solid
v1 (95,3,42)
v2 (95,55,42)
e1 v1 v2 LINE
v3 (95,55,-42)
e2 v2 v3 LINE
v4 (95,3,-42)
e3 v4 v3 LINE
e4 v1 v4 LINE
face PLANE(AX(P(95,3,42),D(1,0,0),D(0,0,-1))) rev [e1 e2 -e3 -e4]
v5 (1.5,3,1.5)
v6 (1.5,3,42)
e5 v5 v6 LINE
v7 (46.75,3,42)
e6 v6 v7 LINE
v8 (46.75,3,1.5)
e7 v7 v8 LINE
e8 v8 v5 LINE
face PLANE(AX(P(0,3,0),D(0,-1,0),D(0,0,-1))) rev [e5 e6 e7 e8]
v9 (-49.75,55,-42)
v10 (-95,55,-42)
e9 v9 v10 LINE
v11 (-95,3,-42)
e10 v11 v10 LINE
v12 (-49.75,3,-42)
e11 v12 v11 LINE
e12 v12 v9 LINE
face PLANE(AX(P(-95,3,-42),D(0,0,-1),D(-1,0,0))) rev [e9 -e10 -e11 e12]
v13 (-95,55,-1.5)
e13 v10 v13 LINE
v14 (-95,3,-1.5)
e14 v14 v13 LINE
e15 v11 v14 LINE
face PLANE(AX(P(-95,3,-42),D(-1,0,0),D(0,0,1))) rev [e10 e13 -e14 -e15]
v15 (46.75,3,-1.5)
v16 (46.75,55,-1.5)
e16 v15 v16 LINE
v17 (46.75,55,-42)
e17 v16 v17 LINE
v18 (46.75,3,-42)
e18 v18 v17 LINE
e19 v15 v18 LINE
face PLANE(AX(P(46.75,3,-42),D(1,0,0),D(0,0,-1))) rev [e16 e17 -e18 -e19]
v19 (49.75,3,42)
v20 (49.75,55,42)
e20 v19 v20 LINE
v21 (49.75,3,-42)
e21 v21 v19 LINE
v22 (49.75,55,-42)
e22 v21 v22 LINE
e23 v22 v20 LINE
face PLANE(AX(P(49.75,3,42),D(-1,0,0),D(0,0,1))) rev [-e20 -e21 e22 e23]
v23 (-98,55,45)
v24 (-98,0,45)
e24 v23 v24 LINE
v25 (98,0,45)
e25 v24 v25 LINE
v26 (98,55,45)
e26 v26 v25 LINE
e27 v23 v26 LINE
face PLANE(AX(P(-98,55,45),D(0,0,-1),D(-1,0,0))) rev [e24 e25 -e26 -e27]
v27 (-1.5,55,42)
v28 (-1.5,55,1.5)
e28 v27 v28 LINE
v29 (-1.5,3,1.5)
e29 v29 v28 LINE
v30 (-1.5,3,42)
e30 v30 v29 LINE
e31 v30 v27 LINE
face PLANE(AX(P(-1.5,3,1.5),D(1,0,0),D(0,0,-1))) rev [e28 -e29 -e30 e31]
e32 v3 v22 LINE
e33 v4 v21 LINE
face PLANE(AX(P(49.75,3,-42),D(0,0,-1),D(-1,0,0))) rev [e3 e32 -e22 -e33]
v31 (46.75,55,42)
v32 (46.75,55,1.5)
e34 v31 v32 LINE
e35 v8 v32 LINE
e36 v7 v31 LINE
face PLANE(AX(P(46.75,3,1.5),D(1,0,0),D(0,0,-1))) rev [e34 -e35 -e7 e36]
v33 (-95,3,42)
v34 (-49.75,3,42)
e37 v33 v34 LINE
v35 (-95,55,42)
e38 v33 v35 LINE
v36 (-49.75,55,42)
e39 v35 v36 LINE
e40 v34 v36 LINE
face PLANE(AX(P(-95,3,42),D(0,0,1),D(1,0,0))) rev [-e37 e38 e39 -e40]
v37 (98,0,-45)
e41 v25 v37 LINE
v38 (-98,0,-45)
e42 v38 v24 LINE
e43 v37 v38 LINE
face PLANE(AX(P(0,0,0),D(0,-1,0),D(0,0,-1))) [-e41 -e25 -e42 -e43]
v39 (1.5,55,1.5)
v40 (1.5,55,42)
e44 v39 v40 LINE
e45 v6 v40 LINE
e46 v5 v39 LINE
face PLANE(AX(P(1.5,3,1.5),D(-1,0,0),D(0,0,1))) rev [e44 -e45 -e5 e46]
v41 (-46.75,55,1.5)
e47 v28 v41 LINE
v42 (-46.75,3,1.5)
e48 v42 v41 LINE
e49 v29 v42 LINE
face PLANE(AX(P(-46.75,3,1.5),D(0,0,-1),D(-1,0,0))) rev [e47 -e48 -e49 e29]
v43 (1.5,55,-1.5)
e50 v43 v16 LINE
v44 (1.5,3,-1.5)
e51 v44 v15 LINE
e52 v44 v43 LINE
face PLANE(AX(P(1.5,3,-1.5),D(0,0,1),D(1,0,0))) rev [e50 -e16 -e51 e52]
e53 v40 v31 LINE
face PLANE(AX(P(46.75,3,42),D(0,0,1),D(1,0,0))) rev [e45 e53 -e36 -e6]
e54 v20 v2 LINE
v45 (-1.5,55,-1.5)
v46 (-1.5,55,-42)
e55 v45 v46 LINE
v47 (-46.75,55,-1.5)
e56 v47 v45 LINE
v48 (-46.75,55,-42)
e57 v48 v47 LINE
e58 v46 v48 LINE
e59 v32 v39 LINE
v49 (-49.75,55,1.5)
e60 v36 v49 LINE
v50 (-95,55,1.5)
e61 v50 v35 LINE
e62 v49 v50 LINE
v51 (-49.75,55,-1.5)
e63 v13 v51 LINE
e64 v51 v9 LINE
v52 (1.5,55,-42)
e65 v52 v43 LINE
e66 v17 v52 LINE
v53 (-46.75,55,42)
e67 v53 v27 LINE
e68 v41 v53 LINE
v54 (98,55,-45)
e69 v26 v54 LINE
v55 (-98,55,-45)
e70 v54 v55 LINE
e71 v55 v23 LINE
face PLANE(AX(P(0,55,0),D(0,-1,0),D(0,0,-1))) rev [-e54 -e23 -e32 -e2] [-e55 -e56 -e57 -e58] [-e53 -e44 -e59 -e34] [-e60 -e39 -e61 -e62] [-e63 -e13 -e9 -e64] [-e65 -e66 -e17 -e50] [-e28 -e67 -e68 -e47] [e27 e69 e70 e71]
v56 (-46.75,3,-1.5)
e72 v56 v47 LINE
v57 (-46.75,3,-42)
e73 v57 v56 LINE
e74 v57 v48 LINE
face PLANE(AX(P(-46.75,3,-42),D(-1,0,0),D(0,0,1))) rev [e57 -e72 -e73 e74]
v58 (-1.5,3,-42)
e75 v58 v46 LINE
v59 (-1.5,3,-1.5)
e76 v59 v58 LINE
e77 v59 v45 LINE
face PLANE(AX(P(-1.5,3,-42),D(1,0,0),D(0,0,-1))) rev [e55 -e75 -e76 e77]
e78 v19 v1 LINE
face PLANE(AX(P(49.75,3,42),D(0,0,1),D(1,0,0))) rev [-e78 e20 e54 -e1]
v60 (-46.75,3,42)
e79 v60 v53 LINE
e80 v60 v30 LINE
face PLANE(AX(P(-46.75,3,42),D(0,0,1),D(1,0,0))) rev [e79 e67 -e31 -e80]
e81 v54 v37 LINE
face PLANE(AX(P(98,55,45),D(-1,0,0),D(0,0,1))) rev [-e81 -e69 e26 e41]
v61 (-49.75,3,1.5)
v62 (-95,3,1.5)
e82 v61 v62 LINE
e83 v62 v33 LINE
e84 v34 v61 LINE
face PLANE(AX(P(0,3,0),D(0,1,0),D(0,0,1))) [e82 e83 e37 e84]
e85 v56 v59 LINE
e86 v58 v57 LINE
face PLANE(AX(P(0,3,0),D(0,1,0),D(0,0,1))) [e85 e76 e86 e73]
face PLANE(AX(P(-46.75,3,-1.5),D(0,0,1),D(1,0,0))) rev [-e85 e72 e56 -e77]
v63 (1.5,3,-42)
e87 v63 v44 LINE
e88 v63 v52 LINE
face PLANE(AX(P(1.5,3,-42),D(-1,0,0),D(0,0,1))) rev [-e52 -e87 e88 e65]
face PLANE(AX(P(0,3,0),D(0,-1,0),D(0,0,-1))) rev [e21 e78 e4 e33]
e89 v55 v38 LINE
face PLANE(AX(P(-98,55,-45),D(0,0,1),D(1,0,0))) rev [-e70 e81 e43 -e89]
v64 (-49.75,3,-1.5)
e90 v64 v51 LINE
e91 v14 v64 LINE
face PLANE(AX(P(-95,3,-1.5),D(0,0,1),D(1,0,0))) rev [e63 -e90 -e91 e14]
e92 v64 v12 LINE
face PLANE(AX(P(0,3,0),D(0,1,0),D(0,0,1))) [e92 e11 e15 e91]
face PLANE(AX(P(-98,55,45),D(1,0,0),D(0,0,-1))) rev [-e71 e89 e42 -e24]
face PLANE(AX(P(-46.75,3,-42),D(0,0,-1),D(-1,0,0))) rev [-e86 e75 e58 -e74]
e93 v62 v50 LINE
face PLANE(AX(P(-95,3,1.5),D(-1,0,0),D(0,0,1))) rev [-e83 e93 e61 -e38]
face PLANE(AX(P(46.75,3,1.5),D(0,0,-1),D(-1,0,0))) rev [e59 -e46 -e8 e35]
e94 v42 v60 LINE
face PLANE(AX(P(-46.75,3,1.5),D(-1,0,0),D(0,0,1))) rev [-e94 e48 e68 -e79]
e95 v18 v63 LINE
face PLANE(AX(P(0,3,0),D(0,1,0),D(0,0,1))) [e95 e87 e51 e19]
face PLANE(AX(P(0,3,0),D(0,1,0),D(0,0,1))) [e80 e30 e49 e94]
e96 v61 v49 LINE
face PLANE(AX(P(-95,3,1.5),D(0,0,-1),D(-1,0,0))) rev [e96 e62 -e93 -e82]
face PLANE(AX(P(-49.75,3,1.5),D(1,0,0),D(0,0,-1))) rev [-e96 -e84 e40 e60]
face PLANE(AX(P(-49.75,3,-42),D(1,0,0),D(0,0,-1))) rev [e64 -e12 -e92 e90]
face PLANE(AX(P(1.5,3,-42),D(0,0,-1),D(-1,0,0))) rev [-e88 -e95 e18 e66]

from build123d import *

# Parameters (mm, degrees)
SKETCH1_W           = 196
SKETCH1_H           = 90
BOSS_EXTRUDE1_DEPTH = 55
SKETCH2_W           = 45.25
SKETCH2_H           = 40.5
SKETCH2_H_2         = 84
CUT_EXTRUDE1_DEPTH  = 52


with BuildPart() as part:
    # Sketch1 → Boss-Extrude1 (new body)
    with BuildSketch(Plane(origin=(0, 0, 0), x_dir=(1, 0, 0), z_dir=(0, 1, 0))):
        Rectangle(SKETCH1_W, SKETCH1_H)
    extrude(amount=BOSS_EXTRUDE1_DEPTH)

    # Sketch2 → Cut-Extrude1 (cut)
    with BuildSketch(Plane(origin=(0, 55, 0), x_dir=(1, 0, 0), z_dir=(0, 1, 0))):
        with Locations((-72.375, 21.75)):
            Rectangle(SKETCH2_W, SKETCH2_H)
        with Locations((-72.375, -21.75)):
            Rectangle(SKETCH2_W, SKETCH2_H)
        with Locations((-24.125, 21.75)):
            Rectangle(SKETCH2_W, SKETCH2_H)
        with Locations((-24.125, -21.75)):
            Rectangle(SKETCH2_W, SKETCH2_H)
        with Locations((24.125, 21.75)):
            Rectangle(SKETCH2_W, SKETCH2_H)
        with Locations((24.125, -21.75)):
            Rectangle(SKETCH2_W, SKETCH2_H)
        with Locations((72.375, 0)):
            Rectangle(SKETCH2_W, SKETCH2_H_2)
    extrude(amount=-CUT_EXTRUDE1_DEPTH, mode=Mode.SUBTRACT)


solid = part.part
